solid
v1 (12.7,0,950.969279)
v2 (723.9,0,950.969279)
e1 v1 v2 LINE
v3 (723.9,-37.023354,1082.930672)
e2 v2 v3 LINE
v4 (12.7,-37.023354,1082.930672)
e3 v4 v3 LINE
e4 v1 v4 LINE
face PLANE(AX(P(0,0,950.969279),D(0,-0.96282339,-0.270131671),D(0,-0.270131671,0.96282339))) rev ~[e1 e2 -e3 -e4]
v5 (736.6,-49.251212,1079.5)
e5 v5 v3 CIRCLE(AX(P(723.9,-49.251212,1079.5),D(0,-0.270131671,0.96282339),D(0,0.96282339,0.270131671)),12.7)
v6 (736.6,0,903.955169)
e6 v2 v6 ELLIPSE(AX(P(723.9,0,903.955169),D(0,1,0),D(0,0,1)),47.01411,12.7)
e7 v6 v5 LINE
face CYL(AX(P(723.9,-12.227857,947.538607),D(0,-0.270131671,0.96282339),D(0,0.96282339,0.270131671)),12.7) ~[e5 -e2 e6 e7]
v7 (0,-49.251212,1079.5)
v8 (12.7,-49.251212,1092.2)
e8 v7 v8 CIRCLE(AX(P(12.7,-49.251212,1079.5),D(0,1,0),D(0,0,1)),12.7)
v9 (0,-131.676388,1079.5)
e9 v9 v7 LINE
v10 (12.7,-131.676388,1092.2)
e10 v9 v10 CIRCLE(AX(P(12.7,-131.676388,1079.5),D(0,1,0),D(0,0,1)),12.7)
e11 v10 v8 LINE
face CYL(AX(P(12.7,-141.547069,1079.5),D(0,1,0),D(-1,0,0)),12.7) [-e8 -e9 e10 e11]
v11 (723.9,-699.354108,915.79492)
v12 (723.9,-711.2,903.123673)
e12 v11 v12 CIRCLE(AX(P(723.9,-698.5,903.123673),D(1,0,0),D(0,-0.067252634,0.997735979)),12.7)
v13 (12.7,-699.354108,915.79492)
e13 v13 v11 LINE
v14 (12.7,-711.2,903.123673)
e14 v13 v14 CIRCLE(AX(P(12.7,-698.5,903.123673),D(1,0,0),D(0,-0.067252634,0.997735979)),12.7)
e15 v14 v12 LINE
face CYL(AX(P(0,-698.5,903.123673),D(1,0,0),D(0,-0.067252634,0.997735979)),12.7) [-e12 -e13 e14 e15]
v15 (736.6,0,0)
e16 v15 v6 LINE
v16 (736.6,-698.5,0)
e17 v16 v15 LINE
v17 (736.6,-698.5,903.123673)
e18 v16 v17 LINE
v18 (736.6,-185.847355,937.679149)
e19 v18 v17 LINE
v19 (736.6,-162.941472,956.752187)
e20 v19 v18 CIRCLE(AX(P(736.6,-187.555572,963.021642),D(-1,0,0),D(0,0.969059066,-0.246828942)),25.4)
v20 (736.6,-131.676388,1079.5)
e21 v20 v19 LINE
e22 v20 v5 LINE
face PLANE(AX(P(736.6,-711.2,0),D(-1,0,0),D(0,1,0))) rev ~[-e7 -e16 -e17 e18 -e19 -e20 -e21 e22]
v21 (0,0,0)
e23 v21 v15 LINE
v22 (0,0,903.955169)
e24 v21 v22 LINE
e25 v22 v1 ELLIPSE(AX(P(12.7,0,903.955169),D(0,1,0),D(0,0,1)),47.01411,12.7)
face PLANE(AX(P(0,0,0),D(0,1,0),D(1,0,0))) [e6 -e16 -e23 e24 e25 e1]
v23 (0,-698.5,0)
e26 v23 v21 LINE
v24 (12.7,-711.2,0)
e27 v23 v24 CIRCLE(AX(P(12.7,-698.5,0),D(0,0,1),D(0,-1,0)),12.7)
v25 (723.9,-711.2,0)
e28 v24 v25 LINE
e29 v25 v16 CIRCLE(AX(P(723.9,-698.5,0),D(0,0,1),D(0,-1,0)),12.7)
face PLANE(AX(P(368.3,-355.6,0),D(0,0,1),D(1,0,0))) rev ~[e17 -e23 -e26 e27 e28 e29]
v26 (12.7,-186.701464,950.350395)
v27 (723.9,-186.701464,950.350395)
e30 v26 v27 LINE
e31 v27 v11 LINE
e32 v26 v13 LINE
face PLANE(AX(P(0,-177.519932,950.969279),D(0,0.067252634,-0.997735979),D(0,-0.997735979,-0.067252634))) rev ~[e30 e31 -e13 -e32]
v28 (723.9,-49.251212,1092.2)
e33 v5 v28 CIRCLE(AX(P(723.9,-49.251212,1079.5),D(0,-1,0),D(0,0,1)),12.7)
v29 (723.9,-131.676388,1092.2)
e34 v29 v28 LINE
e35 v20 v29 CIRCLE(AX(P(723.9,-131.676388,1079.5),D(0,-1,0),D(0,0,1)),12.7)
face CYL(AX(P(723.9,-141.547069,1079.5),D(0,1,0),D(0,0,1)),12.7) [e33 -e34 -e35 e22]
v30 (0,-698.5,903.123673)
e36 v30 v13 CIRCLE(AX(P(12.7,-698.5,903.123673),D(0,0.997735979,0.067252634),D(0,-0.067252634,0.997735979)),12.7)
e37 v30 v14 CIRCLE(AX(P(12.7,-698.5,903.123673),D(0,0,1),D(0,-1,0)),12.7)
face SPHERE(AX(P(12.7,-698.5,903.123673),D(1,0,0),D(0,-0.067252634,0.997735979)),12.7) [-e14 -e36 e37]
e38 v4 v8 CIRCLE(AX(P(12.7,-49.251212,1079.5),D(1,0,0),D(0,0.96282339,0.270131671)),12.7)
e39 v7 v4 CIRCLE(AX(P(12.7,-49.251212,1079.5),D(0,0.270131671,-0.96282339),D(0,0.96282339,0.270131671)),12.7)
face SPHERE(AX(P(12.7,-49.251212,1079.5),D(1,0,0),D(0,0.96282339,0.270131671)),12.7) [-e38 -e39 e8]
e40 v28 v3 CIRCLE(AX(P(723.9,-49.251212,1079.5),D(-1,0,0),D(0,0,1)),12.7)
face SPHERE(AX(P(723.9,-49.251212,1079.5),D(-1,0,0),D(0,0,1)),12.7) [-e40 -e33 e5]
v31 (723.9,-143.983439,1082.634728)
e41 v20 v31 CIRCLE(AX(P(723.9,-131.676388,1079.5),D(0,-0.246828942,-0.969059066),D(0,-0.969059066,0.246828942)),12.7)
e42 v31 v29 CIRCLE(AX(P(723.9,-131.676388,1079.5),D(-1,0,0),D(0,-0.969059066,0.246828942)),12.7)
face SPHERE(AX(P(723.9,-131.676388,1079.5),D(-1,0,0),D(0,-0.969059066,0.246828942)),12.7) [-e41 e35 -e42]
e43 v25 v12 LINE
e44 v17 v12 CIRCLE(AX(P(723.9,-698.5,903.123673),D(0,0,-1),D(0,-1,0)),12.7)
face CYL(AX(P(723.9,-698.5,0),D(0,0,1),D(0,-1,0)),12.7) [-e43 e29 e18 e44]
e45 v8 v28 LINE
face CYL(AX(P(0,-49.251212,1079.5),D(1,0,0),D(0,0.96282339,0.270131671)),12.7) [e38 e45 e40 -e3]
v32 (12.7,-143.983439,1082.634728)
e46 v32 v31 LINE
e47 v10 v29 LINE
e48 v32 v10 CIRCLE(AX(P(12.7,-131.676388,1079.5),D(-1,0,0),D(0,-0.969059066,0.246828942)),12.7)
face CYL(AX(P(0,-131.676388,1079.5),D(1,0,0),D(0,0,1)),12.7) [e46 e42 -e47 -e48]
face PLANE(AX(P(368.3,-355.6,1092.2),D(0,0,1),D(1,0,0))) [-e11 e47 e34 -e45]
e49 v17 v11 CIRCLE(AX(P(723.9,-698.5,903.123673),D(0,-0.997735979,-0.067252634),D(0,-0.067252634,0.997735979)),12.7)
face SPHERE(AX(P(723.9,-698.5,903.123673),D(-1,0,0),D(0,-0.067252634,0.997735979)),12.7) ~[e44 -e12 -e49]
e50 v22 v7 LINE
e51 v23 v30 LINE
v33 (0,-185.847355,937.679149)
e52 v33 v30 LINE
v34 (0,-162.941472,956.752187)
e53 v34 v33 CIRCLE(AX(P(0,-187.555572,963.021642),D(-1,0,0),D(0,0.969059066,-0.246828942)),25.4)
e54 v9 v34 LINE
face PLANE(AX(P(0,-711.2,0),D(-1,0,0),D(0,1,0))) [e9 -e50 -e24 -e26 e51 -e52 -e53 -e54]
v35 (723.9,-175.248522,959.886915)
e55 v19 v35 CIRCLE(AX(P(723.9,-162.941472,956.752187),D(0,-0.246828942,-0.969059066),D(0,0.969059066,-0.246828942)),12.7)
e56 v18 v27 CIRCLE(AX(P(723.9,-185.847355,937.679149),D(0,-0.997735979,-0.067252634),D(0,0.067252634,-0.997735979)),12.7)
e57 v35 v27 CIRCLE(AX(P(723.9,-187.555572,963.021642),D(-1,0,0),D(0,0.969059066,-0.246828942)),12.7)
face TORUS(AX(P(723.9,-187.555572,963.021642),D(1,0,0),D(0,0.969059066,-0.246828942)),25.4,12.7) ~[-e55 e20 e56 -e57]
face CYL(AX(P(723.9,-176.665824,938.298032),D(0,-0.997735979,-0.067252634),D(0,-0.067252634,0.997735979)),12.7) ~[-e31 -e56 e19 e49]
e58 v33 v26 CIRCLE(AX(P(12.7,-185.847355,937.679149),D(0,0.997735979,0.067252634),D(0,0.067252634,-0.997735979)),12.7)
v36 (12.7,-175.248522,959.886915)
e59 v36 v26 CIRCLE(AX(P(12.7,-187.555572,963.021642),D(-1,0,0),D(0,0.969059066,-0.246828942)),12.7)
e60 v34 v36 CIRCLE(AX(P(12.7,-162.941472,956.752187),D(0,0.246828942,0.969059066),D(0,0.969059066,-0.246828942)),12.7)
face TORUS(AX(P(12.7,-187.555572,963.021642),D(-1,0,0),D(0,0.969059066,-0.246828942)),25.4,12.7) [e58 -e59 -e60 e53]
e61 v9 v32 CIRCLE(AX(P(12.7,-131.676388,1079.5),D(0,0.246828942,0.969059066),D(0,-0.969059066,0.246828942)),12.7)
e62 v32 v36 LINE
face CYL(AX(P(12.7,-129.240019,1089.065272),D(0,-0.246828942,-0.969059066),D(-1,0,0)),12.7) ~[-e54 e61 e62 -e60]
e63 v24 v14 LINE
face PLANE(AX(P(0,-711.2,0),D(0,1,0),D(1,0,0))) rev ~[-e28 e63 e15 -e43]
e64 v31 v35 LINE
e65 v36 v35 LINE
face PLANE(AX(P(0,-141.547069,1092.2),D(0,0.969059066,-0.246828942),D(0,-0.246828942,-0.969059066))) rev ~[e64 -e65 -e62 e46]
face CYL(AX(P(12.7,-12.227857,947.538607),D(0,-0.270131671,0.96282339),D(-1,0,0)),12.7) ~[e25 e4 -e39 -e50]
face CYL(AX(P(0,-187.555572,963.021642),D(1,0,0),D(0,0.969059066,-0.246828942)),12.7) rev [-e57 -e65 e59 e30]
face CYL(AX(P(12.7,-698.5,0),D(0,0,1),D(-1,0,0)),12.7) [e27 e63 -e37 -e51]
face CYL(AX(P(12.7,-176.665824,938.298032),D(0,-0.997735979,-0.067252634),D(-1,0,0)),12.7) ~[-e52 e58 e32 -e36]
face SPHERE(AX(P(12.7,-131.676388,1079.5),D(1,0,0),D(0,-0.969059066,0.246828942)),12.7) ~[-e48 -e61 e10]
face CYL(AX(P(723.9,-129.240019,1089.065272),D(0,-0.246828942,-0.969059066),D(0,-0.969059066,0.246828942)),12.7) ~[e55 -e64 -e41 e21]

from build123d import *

# Parameters (mm, degrees)
F0_W     = 736.6
F0_H     = 711.2
F1_DEPTH = 1092.2
F3_DEPTH = 736.601
F4_R     = 12.7


with BuildPart() as f1:
    # F0 (on Top) → F1 (new body)
    with BuildSketch(Plane.XY):
        with Locations((368.3, -355.6)):
            Rectangle(F0_W, F0_H)
    extrude(amount=F1_DEPTH)

    # F2 (on face) → F3 (cut, through all)
    with BuildSketch(Plane(origin=(0, 0, 0), x_dir=(0, -1, 0), z_dir=(-1, 0, 0))):
        Polygon((711.2, 1092.2), (141.5470689535, 1092.2), (177.5199323893, 950.9692788124), (711.2, 914.996445179), align=None)
        Polygon((0, 1092.2), (0, 950.9692788124), (39.6239757538, 1092.2), align=None)
    extrude(amount=-F3_DEPTH, mode=Mode.SUBTRACT)

    # F4
    f4_edges = [f1.edges().sort_by_distance(p)[0] for p in [
        (0, -711.2, 457.498223),
        (736.6, -711.2, 457.498223),
        (368.3, -711.2, 914.996445),
        (0, -444.359966, 932.982862),
        (736.6, -444.359966, 932.982862),
        (368.3, -177.519932, 950.969279),
        (368.3, -141.547069, 1092.2),
        (368.3, -39.623976, 1092.2),
        (0, -159.533501, 1021.584639),
        (736.6, -159.533501, 1021.584639),
        (0, -19.811988, 1021.584639),
        (736.6, -90.585522, 1092.2),
        (736.6, -19.811988, 1021.584639),
        (0, -90.585522, 1092.2),
    ]]
    fillet(f4_edges, radius=F4_R)


solid = f1.part
